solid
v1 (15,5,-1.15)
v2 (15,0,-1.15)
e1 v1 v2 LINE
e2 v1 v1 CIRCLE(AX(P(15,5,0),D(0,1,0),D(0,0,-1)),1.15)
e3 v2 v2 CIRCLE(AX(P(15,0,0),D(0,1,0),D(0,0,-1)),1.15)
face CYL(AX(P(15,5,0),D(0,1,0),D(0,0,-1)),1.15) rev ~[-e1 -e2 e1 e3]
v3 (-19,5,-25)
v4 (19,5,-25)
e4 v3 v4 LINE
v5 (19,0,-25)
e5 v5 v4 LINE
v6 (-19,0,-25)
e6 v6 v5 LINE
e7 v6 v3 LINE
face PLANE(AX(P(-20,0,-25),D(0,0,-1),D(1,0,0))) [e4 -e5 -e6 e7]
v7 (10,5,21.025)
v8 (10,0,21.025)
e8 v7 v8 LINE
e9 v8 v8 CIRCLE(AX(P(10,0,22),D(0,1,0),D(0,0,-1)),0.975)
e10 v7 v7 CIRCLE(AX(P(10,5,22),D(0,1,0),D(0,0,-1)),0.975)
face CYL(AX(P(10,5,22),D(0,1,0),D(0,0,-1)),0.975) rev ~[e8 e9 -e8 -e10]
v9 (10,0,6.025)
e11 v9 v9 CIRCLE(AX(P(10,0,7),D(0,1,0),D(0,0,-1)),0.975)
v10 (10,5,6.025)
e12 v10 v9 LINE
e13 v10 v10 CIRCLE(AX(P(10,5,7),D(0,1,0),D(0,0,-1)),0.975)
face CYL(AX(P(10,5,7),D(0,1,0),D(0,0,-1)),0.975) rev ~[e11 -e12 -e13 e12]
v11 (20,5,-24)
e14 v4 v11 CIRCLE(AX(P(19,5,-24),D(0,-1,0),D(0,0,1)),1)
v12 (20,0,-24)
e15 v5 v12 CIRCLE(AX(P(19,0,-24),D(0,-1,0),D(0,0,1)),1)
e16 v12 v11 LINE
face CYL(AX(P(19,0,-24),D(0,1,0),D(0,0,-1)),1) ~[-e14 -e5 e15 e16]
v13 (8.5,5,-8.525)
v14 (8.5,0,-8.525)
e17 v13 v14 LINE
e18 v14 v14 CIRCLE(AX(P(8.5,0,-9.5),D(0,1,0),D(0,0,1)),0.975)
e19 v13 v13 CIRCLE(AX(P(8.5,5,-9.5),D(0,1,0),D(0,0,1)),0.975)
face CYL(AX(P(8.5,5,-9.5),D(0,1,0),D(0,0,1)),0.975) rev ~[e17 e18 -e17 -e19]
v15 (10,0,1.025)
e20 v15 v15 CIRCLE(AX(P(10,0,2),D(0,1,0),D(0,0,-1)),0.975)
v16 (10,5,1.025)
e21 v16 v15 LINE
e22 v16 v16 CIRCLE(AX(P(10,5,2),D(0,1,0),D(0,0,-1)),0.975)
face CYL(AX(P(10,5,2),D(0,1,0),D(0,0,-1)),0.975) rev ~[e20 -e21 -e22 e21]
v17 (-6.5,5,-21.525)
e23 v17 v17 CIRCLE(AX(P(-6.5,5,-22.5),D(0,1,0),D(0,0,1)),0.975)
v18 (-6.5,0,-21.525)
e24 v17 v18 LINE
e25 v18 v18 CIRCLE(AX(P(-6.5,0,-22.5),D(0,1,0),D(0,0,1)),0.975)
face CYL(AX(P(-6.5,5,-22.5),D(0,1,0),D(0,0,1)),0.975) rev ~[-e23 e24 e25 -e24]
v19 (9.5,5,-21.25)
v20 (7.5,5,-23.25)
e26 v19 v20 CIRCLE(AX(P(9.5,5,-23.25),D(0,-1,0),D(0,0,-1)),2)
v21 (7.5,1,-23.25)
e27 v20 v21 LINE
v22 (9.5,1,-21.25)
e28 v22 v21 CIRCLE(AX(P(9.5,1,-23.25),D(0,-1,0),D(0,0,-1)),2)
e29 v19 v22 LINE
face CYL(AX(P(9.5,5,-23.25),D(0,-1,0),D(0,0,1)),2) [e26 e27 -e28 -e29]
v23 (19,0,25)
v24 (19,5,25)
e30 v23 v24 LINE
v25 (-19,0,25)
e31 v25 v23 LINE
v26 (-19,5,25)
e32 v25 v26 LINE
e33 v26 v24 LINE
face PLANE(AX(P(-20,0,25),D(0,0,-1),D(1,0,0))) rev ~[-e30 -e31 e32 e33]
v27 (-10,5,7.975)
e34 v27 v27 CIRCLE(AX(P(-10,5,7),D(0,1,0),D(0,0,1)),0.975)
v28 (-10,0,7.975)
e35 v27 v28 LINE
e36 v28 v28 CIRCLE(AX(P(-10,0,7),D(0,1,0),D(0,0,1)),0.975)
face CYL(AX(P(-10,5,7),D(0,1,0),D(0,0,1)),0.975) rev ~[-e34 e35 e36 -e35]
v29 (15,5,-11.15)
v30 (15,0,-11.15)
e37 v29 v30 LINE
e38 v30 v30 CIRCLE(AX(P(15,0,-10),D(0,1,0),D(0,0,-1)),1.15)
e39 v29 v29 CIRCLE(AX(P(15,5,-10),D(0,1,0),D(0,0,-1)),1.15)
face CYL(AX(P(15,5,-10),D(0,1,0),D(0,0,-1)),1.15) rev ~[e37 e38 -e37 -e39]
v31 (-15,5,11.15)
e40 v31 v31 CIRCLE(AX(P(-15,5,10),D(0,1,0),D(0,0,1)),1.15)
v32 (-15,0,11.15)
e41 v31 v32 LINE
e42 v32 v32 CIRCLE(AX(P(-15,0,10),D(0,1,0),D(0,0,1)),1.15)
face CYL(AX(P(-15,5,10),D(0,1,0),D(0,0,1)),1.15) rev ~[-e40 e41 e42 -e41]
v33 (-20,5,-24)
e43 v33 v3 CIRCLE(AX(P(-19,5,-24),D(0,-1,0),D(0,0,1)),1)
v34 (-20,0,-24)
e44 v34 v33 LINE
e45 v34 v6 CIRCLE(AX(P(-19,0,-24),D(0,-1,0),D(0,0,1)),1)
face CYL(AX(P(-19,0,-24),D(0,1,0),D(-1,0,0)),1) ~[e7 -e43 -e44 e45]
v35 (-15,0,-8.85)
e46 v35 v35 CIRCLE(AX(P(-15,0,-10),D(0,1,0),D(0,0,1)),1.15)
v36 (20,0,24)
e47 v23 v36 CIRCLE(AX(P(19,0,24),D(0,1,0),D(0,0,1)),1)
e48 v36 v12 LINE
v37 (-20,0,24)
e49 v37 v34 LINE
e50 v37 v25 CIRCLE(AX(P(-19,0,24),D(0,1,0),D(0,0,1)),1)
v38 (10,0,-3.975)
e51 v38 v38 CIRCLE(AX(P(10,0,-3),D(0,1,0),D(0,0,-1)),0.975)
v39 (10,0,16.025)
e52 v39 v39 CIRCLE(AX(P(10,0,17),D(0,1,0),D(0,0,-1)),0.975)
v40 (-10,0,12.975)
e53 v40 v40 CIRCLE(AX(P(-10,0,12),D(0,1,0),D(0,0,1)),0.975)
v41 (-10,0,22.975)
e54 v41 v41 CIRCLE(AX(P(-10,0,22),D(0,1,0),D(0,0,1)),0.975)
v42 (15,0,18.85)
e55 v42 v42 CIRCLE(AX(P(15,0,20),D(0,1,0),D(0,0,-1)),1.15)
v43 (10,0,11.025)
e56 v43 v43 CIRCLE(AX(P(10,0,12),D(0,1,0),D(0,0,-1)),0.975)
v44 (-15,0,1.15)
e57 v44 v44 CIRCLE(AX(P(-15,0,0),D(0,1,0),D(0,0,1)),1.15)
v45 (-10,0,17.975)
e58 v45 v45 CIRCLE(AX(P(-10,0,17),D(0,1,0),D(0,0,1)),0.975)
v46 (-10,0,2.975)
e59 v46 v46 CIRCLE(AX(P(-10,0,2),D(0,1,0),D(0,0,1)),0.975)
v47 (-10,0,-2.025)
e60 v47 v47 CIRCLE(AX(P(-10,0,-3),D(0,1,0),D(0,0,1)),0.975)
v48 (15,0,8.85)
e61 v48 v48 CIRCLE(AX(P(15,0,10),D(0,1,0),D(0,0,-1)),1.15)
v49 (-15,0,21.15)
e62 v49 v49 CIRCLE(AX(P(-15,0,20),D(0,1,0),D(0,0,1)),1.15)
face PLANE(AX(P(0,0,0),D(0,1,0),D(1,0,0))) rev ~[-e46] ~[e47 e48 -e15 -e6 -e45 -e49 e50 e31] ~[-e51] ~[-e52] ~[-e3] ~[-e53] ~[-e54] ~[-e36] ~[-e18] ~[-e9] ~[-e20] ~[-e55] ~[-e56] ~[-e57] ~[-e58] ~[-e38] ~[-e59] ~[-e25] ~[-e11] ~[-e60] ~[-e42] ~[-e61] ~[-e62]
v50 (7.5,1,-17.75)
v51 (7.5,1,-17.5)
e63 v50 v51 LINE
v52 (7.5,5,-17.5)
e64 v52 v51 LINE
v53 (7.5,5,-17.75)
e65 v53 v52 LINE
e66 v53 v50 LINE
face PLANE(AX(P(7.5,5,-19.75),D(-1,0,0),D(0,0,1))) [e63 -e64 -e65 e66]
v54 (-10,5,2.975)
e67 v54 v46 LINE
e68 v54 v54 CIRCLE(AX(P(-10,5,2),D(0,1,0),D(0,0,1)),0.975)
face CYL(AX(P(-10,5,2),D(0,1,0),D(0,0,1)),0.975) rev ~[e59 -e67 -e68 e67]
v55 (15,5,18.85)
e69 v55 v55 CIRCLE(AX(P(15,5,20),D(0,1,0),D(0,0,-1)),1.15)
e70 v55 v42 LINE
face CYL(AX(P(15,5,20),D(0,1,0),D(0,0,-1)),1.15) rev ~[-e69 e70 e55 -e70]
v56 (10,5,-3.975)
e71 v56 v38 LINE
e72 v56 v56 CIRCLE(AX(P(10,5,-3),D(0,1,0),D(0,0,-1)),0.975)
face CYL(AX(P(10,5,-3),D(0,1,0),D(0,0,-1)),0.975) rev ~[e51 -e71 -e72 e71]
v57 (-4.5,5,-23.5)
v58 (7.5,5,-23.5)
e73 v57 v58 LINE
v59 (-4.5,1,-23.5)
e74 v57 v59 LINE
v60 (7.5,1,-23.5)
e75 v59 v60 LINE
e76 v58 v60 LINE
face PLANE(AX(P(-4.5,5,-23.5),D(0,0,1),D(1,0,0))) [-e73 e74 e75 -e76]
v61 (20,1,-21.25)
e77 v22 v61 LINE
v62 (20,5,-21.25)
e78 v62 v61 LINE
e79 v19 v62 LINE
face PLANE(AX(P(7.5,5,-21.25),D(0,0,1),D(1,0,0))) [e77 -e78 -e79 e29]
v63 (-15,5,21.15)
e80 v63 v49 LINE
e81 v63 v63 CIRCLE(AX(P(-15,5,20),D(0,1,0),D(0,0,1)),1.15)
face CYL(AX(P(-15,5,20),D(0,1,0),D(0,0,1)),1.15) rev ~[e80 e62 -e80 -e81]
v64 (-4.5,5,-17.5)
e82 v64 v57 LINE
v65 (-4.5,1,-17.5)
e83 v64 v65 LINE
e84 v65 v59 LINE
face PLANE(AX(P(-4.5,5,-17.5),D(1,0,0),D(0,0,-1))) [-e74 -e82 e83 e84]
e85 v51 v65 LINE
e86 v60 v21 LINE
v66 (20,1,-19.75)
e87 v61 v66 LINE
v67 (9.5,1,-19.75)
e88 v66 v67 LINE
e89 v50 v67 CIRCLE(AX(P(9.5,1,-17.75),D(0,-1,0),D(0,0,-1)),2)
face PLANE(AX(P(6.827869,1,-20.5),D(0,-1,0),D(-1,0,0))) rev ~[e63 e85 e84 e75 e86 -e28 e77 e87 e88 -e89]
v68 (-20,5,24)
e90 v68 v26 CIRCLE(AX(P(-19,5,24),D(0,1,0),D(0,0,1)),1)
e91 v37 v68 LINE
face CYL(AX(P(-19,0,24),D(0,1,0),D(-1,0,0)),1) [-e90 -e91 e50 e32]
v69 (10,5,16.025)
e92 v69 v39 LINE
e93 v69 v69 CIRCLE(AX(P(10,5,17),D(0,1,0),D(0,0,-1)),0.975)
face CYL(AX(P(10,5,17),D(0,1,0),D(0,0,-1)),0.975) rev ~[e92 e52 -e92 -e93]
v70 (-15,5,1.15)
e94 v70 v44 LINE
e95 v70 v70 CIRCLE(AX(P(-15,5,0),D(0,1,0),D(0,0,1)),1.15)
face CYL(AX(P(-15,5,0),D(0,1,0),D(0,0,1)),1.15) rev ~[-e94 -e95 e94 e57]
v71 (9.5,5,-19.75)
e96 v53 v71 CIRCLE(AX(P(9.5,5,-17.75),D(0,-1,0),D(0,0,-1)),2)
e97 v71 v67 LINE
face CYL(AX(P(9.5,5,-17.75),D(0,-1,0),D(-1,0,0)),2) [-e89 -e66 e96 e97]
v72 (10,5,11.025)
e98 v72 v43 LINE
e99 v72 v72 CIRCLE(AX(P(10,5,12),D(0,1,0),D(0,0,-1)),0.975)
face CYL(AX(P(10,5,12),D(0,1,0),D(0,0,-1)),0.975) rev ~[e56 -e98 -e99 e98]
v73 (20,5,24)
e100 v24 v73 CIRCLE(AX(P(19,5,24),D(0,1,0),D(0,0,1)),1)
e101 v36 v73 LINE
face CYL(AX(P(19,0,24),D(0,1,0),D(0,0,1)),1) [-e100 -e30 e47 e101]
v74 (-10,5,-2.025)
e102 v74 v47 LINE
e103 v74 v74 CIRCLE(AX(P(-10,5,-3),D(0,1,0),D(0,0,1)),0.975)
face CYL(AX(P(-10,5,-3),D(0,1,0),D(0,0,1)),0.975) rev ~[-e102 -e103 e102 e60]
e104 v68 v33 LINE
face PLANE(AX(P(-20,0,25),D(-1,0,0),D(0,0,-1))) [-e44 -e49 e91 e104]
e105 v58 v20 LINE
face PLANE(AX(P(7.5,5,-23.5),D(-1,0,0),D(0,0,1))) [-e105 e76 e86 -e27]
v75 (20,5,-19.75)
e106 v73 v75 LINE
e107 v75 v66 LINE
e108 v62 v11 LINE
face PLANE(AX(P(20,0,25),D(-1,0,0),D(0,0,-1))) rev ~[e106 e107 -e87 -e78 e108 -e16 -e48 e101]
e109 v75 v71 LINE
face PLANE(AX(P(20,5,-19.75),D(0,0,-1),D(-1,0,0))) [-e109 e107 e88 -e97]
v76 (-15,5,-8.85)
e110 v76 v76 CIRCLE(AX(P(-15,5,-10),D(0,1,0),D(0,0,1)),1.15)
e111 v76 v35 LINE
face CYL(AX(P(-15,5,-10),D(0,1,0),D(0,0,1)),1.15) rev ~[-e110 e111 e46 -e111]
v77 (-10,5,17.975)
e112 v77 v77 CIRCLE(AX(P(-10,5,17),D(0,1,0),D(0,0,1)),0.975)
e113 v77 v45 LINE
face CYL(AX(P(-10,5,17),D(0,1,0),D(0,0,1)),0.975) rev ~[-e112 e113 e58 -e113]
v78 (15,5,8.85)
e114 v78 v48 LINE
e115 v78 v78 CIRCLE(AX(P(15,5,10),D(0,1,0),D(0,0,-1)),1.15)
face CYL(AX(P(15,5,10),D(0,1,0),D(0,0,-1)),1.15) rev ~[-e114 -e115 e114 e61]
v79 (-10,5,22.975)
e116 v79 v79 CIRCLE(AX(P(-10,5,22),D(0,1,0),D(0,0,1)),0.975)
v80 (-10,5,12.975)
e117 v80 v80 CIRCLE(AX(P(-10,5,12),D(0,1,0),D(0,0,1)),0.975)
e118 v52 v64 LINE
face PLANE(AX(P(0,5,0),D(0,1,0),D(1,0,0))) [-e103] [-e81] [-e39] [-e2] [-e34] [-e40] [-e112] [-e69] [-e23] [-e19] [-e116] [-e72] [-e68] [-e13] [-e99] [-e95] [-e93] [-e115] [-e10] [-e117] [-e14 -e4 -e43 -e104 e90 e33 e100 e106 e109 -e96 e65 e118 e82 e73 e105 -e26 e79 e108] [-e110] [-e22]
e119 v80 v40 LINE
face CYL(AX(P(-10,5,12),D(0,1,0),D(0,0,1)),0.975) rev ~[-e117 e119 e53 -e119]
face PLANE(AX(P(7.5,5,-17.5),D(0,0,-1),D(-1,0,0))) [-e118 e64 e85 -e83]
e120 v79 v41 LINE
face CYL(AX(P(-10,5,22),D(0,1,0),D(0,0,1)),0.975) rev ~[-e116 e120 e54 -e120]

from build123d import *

# Parameters (mm, degrees)
SKETCH1_W           = 40
SKETCH1_H           = 50
BOSS_EXTRUDE1_DEPTH = 5
SKETCH9_R           = 1.15
CUT_EXTRUDE8_DEPTH  = 33.403703492
LPATTERN2_COUNT     = 3
LPATTERN2_PITCH     = 10
LPATTERN2_COL_COUNT = 2
LPATTERN2_COL_PITCH = 10
SKETCH4_R           = 0.975
CUT_EXTRUDE3_DEPTH  = 33.403703492
SKETCH5_R           = 0.975
CUT_EXTRUDE4_DEPTH  = 33.403703492
LPATTERN1_COUNT     = 6
LPATTERN1_PITCH     = 5
FILLET1_R           = 1
CUT_EXTRUDE7_DEPTH  = 4
FILLET2_R           = 2


with BuildPart() as part:
    # Sketch1 → Boss-Extrude1 (new body)
    with BuildSketch(Plane(origin=(0, 0, 0), x_dir=(1, 0, 0), z_dir=(0, 1, 0))):
        Rectangle(SKETCH1_W, SKETCH1_H)
    extrude(amount=BOSS_EXTRUDE1_DEPTH)

    # Sketch9 → Cut-Extrude8 (cut, through all)
    with BuildSketch(Plane(origin=(0, 5, 0), x_dir=(1, 0, 0), z_dir=(0, 1, 0))):
        with Locations(Location((-15, 0, 0), (0, 0, 270))):
            Circle(SKETCH9_R)
        with Locations(Location((15, 0, 0), (0, 0, 90))):
            Circle(SKETCH9_R)
    cut_extrude8 = extrude(amount=-CUT_EXTRUDE8_DEPTH, mode=Mode.SUBTRACT)

    # LPattern2: Cut-Extrude8 ×3
    with Locations(*[(0, 0, i * LPATTERN2_PITCH) for i in range(1, LPATTERN2_COUNT)]):
        add(cut_extrude8, mode=Mode.SUBTRACT)

    # LPattern2 col: Cut-Extrude8 ×2
    with Locations(*[(0, 0, -i * LPATTERN2_COL_PITCH) for i in range(1, LPATTERN2_COL_COUNT)]):
        add(cut_extrude8, mode=Mode.SUBTRACT)

    # Sketch4 → Cut-Extrude3 (cut, through all)
    with BuildSketch(Plane(origin=(0, 5, 0), x_dir=(1, 0, 0), z_dir=(0, 1, 0))):
        with Locations(Location((-6.5, 22.5, 0), (0, 0, 270))):
            Circle(SKETCH4_R)
        with Locations(Location((8.5, 9.5, 0), (0, 0, 270))):
            Circle(SKETCH4_R)
    extrude(amount=-CUT_EXTRUDE3_DEPTH, mode=Mode.SUBTRACT)

    # Sketch5 → Cut-Extrude4 (cut, through all)
    with BuildSketch(Plane(origin=(0, 5, 0), x_dir=(1, 0, 0), z_dir=(0, 1, 0))):
        with Locations(Location((-10, -22, 0), (0, 0, 270))):
            Circle(SKETCH5_R)
        with Locations(Location((10, -22, 0), (0, 0, 90))):
            Circle(SKETCH5_R)
    cut_extrude4 = extrude(amount=-CUT_EXTRUDE4_DEPTH, mode=Mode.SUBTRACT)

    # LPattern1: Cut-Extrude4 ×6
    with Locations(*[(0, 0, -i * LPATTERN1_PITCH) for i in range(1, LPATTERN1_COUNT)]):
        add(cut_extrude4, mode=Mode.SUBTRACT)

    # Fillet1
    fillet1_edges = [part.edges().sort_by_distance(p)[0] for p in [
        (20, 2.5, 25),
        (-20, 2.5, 25),
        (-20, 2.5, -25),
        (20, 2.5, -25),
    ]]
    fillet(fillet1_edges, radius=FILLET1_R)

    # Sketch8 → Cut-Extrude7 (cut)
    with BuildSketch(Plane(origin=(0, 5, 0), x_dir=(1, 0, 0), z_dir=(0, 1, 0))):
        Polygon((7.5, 23.5), (7.5, 21.25), (20, 21.25), (20, 19.75), (7.5, 19.75), (7.5, 17.5), (-4.5, 17.5), (-4.5, 23.5), align=None)
    extrude(amount=-CUT_EXTRUDE7_DEPTH, mode=Mode.SUBTRACT)

    # Fillet2
    fillet2_edges = [part.edges().sort_by_distance(p)[0] for p in [
        (7.5, 3, -19.75),
        (7.5, 3, -21.25),
    ]]
    fillet(fillet2_edges, radius=FILLET2_R)


solid = part.part
